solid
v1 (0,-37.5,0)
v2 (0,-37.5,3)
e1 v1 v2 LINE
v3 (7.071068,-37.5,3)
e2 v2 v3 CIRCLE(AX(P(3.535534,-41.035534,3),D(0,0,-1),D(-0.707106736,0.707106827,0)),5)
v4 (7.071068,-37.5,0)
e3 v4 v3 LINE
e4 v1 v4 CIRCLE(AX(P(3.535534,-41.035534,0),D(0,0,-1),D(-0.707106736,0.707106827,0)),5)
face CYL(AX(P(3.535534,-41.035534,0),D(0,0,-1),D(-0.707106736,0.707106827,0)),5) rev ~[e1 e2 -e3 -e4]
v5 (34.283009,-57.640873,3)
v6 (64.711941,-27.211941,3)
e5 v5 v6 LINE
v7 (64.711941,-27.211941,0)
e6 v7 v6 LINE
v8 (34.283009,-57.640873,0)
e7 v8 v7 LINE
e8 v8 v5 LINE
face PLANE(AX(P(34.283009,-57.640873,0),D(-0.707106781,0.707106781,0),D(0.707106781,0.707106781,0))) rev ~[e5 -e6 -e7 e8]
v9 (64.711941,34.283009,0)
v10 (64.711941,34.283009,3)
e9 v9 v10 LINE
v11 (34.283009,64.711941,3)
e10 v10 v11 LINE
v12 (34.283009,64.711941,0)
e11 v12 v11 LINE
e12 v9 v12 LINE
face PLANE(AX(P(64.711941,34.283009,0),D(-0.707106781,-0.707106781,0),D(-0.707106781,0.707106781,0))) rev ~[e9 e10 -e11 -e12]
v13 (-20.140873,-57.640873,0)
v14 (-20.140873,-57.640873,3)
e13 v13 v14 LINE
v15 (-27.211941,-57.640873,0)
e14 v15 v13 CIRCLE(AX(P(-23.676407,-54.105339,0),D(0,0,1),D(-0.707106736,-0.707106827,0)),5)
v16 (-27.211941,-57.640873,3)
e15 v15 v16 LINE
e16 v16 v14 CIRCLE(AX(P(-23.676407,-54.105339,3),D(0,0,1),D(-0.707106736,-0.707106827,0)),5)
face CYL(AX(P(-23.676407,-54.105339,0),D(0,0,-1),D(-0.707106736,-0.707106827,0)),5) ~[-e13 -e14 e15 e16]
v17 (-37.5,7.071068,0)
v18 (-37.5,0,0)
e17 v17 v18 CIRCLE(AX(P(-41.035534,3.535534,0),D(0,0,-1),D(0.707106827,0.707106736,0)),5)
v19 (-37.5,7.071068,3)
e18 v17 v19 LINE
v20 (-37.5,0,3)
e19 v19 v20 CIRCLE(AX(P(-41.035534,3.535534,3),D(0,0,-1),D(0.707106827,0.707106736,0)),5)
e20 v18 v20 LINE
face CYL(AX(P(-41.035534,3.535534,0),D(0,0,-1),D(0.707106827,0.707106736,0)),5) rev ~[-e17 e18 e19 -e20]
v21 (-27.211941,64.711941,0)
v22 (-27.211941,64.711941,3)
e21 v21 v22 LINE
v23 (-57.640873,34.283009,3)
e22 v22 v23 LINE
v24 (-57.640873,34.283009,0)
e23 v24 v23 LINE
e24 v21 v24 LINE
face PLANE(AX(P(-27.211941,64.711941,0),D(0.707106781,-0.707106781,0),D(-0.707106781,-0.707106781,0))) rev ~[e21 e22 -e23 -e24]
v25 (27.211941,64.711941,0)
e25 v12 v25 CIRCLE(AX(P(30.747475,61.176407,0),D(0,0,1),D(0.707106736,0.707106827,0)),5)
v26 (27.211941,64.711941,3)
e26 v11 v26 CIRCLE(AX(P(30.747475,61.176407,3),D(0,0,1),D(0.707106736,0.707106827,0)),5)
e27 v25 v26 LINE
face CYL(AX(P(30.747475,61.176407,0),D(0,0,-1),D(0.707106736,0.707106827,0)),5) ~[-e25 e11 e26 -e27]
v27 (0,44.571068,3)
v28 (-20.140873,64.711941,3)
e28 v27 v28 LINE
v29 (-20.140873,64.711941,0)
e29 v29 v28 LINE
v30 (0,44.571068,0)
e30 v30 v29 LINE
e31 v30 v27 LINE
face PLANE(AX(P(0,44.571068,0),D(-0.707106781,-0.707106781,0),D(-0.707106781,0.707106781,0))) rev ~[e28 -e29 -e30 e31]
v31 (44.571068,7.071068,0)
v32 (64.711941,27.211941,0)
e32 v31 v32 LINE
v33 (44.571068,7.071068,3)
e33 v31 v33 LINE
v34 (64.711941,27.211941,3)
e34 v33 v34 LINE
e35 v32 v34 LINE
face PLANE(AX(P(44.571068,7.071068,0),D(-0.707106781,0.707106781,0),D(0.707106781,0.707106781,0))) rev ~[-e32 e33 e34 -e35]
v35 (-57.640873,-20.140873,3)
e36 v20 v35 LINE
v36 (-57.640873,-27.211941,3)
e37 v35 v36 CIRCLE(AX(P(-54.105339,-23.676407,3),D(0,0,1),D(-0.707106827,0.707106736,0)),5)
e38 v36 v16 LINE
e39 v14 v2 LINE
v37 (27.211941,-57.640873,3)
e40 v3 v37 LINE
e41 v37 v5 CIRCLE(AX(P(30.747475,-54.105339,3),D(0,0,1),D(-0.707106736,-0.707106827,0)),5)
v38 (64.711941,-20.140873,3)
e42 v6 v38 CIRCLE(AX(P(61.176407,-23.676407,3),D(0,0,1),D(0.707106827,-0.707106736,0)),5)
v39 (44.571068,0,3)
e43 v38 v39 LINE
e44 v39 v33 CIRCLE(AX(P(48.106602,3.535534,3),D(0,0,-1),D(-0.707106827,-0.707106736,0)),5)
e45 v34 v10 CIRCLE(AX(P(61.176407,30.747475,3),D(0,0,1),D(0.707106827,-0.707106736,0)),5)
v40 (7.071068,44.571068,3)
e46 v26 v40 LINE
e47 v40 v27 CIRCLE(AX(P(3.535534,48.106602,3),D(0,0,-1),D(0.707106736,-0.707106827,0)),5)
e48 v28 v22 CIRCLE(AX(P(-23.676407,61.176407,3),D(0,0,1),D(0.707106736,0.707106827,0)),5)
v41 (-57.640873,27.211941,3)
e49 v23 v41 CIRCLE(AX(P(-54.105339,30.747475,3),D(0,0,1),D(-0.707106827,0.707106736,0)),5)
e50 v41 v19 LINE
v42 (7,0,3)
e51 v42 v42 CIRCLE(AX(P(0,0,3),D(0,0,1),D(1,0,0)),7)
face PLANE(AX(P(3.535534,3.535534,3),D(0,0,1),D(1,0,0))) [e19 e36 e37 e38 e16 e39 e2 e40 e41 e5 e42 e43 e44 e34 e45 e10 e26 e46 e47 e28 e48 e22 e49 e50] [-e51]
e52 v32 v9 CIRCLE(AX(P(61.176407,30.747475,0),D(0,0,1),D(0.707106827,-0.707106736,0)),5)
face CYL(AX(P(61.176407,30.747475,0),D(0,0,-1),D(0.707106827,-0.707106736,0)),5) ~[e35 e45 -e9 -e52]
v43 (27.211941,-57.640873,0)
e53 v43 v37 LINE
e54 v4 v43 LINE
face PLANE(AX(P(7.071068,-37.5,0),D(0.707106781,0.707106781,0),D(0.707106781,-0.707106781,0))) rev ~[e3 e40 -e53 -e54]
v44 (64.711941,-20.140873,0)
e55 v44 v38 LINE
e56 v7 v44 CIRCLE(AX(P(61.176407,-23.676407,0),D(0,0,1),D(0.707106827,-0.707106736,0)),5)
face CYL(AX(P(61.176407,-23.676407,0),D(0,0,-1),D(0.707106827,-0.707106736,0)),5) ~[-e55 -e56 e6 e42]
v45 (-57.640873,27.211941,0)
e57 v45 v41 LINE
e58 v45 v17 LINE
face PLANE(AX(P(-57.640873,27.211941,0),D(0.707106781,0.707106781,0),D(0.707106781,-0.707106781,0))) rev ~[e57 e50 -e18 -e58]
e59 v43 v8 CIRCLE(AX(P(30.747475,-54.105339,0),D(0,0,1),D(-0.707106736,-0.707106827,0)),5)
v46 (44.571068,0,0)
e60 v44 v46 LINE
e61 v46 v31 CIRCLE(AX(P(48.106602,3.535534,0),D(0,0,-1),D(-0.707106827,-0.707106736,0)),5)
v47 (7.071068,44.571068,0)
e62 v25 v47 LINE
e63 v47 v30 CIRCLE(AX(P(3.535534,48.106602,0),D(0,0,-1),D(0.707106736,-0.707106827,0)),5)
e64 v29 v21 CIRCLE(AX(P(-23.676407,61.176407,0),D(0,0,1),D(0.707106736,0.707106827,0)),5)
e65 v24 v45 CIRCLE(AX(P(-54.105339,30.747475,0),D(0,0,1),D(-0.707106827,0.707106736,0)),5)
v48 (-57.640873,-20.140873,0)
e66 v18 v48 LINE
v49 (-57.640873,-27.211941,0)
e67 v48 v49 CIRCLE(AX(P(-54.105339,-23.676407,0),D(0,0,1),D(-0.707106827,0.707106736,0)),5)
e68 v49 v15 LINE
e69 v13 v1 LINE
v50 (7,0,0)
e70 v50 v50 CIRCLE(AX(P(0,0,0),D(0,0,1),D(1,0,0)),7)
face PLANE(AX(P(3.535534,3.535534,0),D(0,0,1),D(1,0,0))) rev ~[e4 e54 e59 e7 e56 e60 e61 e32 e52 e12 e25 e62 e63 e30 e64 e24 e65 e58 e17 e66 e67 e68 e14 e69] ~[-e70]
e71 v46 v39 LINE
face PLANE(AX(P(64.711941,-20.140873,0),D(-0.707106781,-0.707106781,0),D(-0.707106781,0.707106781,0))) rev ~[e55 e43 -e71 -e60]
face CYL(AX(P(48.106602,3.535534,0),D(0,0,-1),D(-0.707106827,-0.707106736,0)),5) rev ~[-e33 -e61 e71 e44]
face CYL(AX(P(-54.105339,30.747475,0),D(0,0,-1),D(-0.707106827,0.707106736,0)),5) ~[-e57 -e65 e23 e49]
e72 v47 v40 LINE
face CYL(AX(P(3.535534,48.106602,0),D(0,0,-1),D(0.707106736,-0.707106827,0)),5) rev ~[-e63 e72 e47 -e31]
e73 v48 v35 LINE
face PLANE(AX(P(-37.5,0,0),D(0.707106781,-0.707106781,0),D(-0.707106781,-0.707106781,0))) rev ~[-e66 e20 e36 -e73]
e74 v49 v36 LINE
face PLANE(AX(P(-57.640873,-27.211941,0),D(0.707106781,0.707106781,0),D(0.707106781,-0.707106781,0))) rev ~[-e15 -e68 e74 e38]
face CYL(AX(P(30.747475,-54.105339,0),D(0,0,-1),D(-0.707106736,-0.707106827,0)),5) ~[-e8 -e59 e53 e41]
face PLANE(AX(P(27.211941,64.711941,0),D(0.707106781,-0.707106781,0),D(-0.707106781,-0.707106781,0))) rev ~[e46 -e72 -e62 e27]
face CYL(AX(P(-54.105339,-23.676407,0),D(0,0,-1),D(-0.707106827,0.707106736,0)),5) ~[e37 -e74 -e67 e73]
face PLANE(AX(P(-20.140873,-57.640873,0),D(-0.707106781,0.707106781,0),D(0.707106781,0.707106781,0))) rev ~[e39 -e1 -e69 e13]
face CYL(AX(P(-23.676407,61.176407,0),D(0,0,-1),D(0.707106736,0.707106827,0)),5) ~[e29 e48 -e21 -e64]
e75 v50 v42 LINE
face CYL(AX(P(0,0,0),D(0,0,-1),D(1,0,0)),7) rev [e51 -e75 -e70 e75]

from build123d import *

# Parameters (mm, degrees)
F0_R     = 7
F1_DEPTH = 3


with BuildPart() as f1:
    # F0 (on Top) → F1 (new body)
    with BuildSketch(Plane.XY):
        with BuildLine():
            ThreePointArc((44.571068, 0), (43.106602, 3.535534), (44.571068, 7.071068))
            Line((44.571068, 7.071068), (64.711941, 27.211941))
            ThreePointArc((64.711941, 27.211941), (66.176407, 30.747475), (64.711941, 34.283009))
            Line((64.711941, 34.283009), (34.283009, 64.711941))
            ThreePointArc((34.283009, 64.711941), (30.747475, 66.176407), (27.211941, 64.711941))
            Line((27.211941, 64.711941), (7.071068, 44.571068))
            ThreePointArc((7.071068, 44.571068), (3.535534, 43.106602), (0, 44.571068))
            Line((0, 44.571068), (-20.140873, 64.711941))
            ThreePointArc((-20.140873, 64.711941), (-23.676407, 66.176407), (-27.211941, 64.711941))
            Line((-27.211941, 64.711941), (-57.640873, 34.283009))
            ThreePointArc((-57.640873, 34.283009), (-59.105339, 30.747475), (-57.640873, 27.211941))
            Line((-57.640873, 27.211941), (-37.5, 7.071068))
            ThreePointArc((-37.5, 7.071068), (-36.035534, 3.535534), (-37.5, 0))
            Line((-37.5, 0), (-57.640873, -20.140873))
            ThreePointArc((-57.640873, -20.140873), (-59.105339, -23.676407), (-57.640873, -27.211941))
            Line((-57.640873, -27.211941), (-27.211941, -57.640873))
            ThreePointArc((-27.211941, -57.640873), (-23.676407, -59.105339), (-20.140873, -57.640873))
            Line((-20.140873, -57.640873), (0, -37.5))
            ThreePointArc((0, -37.5), (3.535534, -36.035534), (7.071068, -37.5))
            Line((7.071068, -37.5), (27.211941, -57.640873))
            ThreePointArc((27.211941, -57.640873), (30.747475, -59.105339), (34.283009, -57.640873))
            Line((34.283009, -57.640873), (64.711941, -27.211941))
            ThreePointArc((64.711941, -27.211941), (66.176407, -23.676407), (64.711941, -20.140873))
            Line((64.711941, -20.140873), (44.571068, 0))
        make_face()
        Circle(F0_R, mode=Mode.SUBTRACT)
    extrude(amount=F1_DEPTH)


solid = f1.part
